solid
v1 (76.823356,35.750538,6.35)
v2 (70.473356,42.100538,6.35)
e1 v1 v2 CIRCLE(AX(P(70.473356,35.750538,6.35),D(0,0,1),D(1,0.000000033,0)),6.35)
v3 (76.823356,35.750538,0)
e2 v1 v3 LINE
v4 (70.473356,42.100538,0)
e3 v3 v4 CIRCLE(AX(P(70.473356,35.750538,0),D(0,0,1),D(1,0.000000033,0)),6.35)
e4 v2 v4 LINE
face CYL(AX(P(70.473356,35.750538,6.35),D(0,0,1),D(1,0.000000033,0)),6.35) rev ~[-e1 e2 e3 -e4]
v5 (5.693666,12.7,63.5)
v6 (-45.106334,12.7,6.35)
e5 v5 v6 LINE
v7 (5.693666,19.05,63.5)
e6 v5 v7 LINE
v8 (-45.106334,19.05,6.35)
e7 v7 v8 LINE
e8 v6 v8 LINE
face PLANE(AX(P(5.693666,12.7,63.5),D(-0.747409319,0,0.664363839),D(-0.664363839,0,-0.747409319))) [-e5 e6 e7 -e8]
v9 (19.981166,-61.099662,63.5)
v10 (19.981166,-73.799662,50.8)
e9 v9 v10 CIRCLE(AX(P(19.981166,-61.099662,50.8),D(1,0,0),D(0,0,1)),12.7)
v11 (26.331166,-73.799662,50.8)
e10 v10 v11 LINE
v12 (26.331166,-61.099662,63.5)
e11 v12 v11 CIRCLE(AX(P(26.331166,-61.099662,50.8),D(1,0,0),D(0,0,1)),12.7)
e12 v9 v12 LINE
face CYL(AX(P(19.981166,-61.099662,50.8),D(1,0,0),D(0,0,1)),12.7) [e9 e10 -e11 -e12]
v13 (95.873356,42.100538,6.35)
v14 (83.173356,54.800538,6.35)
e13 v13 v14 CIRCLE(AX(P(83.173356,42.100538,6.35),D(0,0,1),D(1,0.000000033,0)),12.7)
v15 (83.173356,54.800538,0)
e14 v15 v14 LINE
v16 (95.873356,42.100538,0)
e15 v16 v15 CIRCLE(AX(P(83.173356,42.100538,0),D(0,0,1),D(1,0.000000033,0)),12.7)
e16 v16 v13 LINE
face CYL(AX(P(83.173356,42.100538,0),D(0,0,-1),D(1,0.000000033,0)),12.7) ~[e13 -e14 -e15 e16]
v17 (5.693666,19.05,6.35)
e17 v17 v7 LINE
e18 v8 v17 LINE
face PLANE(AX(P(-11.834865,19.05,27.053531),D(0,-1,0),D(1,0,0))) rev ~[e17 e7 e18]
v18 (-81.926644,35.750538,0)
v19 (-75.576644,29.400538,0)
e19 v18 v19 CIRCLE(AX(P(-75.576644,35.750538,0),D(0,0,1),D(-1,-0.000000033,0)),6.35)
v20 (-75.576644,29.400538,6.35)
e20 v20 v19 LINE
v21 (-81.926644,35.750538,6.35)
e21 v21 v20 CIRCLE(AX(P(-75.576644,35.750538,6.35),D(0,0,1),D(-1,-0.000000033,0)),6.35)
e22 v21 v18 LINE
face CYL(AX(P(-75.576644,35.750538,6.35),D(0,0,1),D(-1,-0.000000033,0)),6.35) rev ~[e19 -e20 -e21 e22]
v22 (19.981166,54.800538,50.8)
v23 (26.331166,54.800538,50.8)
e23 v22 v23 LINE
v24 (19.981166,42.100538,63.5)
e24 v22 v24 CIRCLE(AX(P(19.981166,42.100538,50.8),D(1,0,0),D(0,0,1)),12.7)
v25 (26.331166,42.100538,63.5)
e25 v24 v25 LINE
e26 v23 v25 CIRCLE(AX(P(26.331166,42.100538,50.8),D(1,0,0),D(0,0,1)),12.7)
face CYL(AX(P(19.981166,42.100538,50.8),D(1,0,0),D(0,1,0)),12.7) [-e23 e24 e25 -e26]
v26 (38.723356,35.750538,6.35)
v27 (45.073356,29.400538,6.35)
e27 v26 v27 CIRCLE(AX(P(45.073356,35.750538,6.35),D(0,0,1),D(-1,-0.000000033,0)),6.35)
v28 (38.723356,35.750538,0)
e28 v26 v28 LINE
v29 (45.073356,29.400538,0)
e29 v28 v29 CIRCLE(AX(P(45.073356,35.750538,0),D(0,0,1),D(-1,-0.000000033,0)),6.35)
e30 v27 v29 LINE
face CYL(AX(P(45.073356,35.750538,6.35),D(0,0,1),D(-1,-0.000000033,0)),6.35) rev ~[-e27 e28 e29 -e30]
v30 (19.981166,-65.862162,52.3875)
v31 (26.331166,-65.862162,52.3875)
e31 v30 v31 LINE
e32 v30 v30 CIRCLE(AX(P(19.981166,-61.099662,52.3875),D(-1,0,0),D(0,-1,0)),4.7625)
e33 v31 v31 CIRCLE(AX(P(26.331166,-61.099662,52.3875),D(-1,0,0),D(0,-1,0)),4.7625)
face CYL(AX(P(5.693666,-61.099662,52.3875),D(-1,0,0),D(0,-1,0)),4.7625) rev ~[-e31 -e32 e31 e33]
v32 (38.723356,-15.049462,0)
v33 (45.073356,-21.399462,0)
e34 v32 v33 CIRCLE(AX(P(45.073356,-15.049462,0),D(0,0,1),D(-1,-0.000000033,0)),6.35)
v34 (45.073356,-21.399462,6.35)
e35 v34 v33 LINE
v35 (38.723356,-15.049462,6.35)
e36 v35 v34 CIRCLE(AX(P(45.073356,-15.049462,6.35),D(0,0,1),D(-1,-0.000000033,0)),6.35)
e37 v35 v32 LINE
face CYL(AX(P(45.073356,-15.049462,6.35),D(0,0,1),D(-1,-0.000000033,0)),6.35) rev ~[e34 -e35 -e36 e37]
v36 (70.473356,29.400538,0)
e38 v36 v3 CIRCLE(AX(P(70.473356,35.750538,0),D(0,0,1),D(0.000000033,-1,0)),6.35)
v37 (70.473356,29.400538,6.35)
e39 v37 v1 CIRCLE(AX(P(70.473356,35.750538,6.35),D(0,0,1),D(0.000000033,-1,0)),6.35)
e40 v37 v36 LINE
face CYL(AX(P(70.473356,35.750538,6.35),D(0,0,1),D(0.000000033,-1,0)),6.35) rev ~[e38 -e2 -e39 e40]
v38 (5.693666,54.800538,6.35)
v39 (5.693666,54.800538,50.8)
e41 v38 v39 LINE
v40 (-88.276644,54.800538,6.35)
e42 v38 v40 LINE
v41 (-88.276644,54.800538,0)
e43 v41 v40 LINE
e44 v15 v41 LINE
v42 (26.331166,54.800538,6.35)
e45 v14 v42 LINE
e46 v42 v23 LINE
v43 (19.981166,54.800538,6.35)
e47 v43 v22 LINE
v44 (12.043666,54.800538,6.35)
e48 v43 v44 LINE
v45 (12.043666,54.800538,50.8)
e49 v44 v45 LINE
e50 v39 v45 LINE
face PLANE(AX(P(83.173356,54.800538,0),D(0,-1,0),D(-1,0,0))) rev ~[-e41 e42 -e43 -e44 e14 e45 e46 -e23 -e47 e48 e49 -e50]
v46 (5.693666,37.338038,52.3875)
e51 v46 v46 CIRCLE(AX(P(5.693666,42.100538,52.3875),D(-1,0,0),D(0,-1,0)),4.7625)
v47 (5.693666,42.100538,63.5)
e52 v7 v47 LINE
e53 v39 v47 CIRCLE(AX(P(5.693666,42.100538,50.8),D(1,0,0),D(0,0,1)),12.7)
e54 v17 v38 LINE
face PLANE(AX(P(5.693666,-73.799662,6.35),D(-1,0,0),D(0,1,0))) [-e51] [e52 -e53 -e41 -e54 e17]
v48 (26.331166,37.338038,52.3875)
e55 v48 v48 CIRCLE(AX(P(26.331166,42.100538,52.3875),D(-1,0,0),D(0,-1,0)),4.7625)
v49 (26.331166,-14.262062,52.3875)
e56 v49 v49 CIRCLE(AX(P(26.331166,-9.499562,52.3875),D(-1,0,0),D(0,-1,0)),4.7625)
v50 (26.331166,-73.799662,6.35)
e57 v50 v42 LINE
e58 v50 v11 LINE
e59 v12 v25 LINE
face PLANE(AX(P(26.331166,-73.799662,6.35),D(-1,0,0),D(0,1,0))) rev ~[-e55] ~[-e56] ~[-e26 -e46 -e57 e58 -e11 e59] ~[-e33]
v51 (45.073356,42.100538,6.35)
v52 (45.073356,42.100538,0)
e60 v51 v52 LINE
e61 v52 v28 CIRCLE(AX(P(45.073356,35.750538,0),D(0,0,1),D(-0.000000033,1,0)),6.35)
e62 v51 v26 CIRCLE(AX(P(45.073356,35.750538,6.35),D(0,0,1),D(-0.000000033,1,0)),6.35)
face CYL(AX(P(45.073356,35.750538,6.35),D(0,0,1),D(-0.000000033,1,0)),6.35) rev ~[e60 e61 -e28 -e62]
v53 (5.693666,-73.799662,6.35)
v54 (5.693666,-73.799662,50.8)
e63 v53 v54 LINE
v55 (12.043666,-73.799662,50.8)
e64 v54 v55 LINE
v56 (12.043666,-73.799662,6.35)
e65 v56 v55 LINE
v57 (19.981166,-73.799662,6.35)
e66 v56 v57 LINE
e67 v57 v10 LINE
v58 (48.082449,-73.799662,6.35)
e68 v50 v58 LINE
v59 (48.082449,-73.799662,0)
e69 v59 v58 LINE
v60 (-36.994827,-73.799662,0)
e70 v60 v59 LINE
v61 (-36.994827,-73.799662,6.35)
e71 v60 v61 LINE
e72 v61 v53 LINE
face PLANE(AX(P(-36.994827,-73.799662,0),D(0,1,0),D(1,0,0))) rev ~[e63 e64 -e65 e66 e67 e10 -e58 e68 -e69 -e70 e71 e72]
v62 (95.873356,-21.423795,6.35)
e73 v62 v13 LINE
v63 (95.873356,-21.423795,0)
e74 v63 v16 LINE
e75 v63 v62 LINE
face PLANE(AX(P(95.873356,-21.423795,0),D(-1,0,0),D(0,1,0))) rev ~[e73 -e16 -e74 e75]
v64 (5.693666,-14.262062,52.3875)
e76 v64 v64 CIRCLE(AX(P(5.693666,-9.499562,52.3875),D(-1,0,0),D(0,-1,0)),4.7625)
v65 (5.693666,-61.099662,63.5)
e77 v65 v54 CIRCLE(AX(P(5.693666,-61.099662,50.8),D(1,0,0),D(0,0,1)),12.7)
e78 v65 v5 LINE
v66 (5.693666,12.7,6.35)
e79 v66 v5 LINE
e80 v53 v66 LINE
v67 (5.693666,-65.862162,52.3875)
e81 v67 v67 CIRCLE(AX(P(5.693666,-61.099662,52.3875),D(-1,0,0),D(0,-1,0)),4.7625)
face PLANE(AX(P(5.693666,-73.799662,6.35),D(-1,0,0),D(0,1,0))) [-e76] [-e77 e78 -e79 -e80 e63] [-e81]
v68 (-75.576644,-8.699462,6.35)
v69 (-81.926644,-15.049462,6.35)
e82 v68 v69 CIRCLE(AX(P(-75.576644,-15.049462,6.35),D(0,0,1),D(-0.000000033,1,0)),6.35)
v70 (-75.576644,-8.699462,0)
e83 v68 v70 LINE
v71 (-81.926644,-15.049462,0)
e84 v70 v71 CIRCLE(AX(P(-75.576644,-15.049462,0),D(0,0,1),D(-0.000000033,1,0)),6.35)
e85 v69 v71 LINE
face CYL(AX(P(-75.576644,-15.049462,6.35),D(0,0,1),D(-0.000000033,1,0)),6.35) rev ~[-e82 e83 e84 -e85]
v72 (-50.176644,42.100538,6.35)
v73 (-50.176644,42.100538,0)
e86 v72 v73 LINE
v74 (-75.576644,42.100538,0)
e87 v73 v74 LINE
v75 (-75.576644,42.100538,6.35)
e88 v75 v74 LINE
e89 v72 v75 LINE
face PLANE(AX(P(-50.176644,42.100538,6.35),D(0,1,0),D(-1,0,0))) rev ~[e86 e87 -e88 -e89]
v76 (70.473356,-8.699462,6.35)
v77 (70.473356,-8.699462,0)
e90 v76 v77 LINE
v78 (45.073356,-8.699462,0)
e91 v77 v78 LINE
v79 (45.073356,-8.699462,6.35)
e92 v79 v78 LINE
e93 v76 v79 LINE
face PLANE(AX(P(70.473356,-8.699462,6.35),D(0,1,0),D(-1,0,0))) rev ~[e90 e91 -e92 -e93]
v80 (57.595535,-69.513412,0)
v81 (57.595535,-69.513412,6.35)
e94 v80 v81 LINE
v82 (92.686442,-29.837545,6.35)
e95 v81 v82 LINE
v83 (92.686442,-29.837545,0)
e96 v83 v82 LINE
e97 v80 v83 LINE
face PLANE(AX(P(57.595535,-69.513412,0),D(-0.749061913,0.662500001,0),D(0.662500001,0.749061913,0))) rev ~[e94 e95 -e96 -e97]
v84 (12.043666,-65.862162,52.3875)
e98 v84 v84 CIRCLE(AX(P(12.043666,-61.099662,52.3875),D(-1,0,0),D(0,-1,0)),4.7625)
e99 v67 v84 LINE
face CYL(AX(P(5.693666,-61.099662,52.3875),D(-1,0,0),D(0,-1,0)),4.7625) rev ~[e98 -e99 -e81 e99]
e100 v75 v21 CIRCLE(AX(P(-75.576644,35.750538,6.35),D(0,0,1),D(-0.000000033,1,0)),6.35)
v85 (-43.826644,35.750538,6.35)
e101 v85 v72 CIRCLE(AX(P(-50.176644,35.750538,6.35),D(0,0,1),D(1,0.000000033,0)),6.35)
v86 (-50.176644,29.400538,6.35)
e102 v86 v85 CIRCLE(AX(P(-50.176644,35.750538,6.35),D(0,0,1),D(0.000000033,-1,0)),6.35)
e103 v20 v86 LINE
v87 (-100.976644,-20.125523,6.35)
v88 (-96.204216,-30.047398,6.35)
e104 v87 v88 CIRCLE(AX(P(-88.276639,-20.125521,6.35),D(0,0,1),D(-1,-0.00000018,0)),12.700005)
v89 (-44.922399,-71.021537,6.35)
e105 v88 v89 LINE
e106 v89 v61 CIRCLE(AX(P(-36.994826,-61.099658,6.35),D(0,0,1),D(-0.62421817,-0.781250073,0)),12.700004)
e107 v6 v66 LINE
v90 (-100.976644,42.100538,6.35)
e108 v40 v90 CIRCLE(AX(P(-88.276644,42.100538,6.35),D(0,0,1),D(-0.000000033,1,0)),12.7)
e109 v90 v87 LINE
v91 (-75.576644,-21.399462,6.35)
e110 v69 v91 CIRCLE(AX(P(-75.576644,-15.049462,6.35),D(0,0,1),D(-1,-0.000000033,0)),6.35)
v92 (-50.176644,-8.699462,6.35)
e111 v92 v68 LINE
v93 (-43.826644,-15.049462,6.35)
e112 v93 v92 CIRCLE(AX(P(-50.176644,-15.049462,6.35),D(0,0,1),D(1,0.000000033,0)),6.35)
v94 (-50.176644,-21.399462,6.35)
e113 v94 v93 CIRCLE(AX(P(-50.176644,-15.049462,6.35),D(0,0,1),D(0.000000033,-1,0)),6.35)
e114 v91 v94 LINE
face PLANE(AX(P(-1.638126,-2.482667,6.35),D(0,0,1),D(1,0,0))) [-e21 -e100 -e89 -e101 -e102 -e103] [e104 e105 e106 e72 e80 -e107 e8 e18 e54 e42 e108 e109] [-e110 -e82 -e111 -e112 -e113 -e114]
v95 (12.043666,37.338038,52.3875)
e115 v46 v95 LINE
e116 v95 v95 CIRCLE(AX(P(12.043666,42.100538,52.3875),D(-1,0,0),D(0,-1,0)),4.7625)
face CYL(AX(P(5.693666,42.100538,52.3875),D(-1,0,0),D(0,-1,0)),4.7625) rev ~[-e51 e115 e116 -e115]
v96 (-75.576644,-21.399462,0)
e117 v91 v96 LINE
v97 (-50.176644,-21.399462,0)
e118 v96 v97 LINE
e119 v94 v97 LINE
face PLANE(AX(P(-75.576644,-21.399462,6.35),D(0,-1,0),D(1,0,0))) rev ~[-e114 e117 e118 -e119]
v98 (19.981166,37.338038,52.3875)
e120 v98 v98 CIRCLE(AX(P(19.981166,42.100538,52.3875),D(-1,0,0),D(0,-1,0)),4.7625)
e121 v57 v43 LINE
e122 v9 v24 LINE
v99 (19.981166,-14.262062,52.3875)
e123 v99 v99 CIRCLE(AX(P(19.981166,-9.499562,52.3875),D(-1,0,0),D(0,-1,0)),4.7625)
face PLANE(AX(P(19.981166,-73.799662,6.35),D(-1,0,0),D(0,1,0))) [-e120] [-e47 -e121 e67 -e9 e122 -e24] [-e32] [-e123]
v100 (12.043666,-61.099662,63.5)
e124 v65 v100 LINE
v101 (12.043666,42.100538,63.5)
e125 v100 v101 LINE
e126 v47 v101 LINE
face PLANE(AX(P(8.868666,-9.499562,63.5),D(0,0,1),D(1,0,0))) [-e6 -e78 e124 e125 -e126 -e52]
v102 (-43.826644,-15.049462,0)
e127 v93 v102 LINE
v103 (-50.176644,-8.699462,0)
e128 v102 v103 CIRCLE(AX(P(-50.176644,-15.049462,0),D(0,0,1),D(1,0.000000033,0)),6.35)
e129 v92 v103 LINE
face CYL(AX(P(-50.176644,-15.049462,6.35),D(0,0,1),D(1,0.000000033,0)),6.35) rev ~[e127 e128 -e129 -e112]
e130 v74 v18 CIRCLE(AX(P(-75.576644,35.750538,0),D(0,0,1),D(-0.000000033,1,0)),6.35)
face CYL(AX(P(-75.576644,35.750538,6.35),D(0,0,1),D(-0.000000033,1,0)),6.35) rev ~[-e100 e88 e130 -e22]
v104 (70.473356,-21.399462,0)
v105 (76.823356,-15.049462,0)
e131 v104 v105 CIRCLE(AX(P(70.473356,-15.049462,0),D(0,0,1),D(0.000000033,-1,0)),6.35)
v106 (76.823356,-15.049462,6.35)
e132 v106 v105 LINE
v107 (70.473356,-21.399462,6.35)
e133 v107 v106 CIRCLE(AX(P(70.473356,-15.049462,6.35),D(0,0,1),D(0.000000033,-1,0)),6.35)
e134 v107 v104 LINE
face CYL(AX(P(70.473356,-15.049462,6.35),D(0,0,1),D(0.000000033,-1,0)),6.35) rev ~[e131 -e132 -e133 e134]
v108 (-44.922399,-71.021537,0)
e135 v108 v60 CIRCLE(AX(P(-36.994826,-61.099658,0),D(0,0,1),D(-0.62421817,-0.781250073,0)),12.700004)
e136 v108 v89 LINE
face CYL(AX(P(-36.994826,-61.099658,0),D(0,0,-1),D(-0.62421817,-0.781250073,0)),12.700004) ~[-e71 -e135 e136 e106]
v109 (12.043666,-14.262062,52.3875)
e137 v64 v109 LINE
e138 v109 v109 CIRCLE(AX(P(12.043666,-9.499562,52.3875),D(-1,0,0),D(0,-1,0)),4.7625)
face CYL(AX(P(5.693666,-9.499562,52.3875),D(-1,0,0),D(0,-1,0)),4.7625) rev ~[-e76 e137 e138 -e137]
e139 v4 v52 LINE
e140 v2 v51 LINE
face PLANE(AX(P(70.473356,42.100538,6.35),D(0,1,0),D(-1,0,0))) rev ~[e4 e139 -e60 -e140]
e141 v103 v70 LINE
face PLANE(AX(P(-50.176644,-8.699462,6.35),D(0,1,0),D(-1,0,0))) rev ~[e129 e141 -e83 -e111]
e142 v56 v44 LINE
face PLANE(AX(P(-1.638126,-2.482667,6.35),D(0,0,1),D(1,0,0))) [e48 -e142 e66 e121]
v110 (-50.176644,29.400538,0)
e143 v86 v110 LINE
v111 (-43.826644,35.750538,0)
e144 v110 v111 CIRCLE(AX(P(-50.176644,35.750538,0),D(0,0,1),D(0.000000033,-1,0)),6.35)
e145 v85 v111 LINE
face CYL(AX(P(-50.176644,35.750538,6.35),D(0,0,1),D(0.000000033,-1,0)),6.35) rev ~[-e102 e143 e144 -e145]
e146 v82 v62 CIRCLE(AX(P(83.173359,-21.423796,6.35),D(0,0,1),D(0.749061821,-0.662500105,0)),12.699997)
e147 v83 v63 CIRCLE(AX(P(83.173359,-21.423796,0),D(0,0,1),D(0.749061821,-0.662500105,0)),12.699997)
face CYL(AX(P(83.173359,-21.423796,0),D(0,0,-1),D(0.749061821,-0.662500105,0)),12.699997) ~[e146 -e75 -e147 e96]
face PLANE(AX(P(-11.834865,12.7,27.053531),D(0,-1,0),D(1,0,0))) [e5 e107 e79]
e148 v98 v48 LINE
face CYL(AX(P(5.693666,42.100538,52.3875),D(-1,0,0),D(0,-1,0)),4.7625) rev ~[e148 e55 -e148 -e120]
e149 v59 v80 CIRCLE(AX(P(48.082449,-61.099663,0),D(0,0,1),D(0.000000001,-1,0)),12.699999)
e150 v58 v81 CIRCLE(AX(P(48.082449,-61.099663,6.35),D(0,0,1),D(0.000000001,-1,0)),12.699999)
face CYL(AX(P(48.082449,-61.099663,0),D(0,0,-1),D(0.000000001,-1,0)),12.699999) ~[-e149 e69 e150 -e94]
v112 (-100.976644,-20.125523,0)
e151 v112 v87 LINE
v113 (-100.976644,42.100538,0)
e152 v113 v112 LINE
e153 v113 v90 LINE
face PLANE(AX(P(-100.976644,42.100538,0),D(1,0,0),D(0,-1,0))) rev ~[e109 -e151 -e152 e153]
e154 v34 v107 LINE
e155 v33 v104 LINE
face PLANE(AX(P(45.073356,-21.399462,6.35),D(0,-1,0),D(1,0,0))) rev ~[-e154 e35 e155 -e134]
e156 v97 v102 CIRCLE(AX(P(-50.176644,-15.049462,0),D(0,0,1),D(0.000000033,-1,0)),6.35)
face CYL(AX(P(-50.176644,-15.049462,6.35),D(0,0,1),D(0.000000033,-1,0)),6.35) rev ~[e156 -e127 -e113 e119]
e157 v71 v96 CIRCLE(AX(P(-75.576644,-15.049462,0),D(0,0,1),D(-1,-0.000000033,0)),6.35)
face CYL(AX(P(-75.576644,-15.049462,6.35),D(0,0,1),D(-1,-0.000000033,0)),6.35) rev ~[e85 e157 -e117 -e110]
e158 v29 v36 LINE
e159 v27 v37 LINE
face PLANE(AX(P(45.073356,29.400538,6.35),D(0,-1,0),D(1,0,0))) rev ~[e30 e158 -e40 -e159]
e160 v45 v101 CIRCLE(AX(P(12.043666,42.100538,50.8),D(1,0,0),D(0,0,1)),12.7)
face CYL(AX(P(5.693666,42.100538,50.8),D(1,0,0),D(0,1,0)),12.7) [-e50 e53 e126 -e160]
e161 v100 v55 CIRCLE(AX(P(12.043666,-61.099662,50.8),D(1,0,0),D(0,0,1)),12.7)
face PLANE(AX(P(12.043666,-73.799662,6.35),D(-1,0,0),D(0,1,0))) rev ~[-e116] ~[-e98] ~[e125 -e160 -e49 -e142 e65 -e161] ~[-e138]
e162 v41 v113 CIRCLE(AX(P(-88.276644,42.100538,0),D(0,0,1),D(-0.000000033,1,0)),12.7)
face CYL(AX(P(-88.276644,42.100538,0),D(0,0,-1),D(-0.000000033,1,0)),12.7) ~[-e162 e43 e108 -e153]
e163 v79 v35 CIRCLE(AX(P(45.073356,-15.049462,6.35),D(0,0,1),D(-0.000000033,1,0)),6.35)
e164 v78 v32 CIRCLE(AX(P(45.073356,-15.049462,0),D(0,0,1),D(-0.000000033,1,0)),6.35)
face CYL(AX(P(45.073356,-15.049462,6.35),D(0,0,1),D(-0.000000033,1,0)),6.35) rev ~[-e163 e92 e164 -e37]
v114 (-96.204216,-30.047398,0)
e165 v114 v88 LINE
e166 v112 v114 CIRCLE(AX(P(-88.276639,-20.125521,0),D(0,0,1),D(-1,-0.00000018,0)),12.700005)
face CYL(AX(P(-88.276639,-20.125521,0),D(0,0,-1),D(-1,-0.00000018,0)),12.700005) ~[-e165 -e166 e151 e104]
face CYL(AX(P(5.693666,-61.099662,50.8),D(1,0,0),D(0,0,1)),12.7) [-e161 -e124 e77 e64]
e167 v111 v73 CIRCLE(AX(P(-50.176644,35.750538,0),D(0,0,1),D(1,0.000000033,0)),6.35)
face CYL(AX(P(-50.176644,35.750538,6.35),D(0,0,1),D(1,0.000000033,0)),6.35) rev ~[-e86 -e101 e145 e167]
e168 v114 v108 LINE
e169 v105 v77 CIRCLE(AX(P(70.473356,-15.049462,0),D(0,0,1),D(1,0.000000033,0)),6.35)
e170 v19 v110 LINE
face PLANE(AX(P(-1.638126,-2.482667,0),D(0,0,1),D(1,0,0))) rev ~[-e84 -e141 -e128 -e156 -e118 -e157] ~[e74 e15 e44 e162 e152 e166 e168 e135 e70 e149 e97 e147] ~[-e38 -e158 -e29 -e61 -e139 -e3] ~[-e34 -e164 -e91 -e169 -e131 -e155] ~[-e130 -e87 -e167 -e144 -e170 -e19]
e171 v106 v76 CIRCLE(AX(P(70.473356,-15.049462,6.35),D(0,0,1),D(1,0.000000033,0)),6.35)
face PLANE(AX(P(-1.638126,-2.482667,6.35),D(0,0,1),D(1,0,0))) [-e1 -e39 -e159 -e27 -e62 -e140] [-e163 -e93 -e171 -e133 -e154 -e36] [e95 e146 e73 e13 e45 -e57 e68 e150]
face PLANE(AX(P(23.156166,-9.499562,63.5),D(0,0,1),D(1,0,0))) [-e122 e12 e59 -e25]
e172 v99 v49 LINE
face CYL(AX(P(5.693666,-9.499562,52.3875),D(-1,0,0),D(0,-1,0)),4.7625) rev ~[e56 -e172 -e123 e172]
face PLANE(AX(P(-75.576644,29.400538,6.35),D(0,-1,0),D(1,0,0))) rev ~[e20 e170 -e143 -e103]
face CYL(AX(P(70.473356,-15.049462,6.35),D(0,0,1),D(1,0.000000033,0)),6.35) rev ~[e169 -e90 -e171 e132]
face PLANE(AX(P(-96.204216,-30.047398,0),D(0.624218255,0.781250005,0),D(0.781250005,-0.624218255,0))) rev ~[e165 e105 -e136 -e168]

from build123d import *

# Parameters (mm, degrees)
F1_DEPTH  = 6.35
F3_DEPTH  = 6.351
F4_W      = 6.35
F4_H      = 128.6002
F5_DEPTH  = 57.15
F6_R      = 4.7625
F7_DEPTH  = 90.18069
F10_DEPTH = 6.35
F11_R     = 12.7


with BuildPart() as f1:
    # F0 (on Top) → F1 (new body)
    with BuildSketch(Plane.XY):
        with BuildLine():
            Line((83.173356, 54.800538), (-88.276644, 54.800538))
            ThreePointArc((-88.276644, 54.800538), (-97.2569, 51.080794), (-100.976644, 42.100538))
            Line((-100.976644, 42.100538), (-100.976644, -20.125523))
            ThreePointArc((-100.976644, -20.125523), (-99.721515, -25.630513), (-96.204216, -30.047398))
            Line((-96.204216, -30.047398), (-44.922399, -71.021537))
            ThreePointArc((-44.922399, -71.021537), (-41.194957, -73.085024), (-36.994827, -73.799662))
            Line((-36.994827, -73.799662), (48.082449, -73.799662))
            ThreePointArc((48.082449, -73.799662), (53.299506, -72.678622), (57.595535, -69.513412))
            Line((57.595535, -69.513412), (92.686442, -29.837545))
            ThreePointArc((92.686442, -29.837545), (95.049934, -25.922339), (95.873356, -21.423795))
            Line((95.873356, -21.423795), (95.873356, 42.100538))
            ThreePointArc((95.873356, 42.100538), (92.153612, 51.080794), (83.173356, 54.800538))
        make_face()
    extrude(amount=F1_DEPTH)

    # F2 (on face) → F3 (cut, through all)
    with BuildSketch(Plane.XY.offset(6.35)):
        with BuildLine():
            ThreePointArc((-43.826644, -15.049462), (-45.686516, -10.559334), (-50.176644, -8.699462))
            Line((-50.176644, -8.699462), (-75.576644, -8.699462))
            ThreePointArc((-75.576644, -8.699462), (-80.066772, -10.559334), (-81.926644, -15.049462))
            ThreePointArc((-81.926644, -15.049462), (-80.066772, -19.53959), (-75.576644, -21.399462))
            Line((-75.576644, -21.399462), (-50.176644, -21.399462))
            ThreePointArc((-50.176644, -21.399462), (-45.686516, -19.53959), (-43.826644, -15.049462))
        make_face()
        with BuildLine():
            ThreePointArc((76.823356, -15.049462), (74.963484, -10.559334), (70.473356, -8.699462))
            Line((70.473356, -8.699462), (45.073356, -8.699462))
            ThreePointArc((45.073356, -8.699462), (40.583228, -10.559334), (38.723356, -15.049462))
            ThreePointArc((38.723356, -15.049462), (40.583228, -19.53959), (45.073356, -21.399462))
            Line((45.073356, -21.399462), (70.473356, -21.399462))
            ThreePointArc((70.473356, -21.399462), (74.963484, -19.53959), (76.823356, -15.049462))
        make_face()
        with BuildLine():
            Line((70.473356, 42.100538), (45.073356, 42.100538))
            ThreePointArc((45.073356, 42.100538), (40.583228, 40.240666), (38.723356, 35.750538))
            ThreePointArc((38.723356, 35.750538), (40.583228, 31.26041), (45.073356, 29.400538))
            Line((45.073356, 29.400538), (70.473356, 29.400538))
            ThreePointArc((70.473356, 29.400538), (74.963484, 31.26041), (76.823356, 35.750538))
            ThreePointArc((76.823356, 35.750538), (74.963484, 40.240666), (70.473356, 42.100538))
        make_face()
        with BuildLine():
            Line((-50.176644, 42.100538), (-75.576644, 42.100538))
            ThreePointArc((-75.576644, 42.100538), (-80.066772, 40.240666), (-81.926644, 35.750538))
            ThreePointArc((-81.926644, 35.750538), (-80.066772, 31.26041), (-75.576644, 29.400538))
            Line((-75.576644, 29.400538), (-50.176644, 29.400538))
            ThreePointArc((-50.176644, 29.400538), (-45.686516, 31.26041), (-43.826644, 35.750538))
            ThreePointArc((-43.826644, 35.750538), (-45.686516, 40.240666), (-50.176644, 42.100538))
        make_face()
    extrude(amount=-F3_DEPTH, mode=Mode.SUBTRACT)

    # F4 (on face) → F5 (join)
    with BuildSketch(Plane.XY.offset(6.35)):
        with Locations((8.868666, -9.499562)):
            Rectangle(F4_W, F4_H)
        with Locations((23.156166, -9.499562)):
            Rectangle(F4_W, F4_H)
    extrude(amount=F5_DEPTH)

    # F6 (on face) → F7 (cut, through all)
    with BuildSketch(Plane(origin=(5.693666, 0, 0), x_dir=(0, -1, 0), z_dir=(-1, 0, 0))):
        with Locations((-42.100538, 52.3875)):
            Circle(F6_R)
        with Locations((9.499562, 52.3875)):
            Circle(F6_R)
        with Locations((61.099662, 52.3875)):
            Circle(F6_R)
    extrude(amount=-F7_DEPTH, mode=Mode.SUBTRACT)

    # F9 (on offset) → F10 (join)
    with BuildSketch(Plane.XZ.offset(-12.7)):
        Polygon((5.693666, 6.35), (5.693666, 63.5), (-45.106334, 6.35), align=None)
    extrude(amount=-F10_DEPTH)

    # F11
    f11_edges = [f1.edges().sort_by_distance(p)[0] for p in [
        (8.868666, -73.799662, 63.5),
        (23.156166, -73.799662, 63.5),
        (23.156166, 54.800538, 63.5),
        (8.868666, 54.800538, 63.5),
    ]]
    fillet(f11_edges, radius=F11_R)


solid = f1.part
